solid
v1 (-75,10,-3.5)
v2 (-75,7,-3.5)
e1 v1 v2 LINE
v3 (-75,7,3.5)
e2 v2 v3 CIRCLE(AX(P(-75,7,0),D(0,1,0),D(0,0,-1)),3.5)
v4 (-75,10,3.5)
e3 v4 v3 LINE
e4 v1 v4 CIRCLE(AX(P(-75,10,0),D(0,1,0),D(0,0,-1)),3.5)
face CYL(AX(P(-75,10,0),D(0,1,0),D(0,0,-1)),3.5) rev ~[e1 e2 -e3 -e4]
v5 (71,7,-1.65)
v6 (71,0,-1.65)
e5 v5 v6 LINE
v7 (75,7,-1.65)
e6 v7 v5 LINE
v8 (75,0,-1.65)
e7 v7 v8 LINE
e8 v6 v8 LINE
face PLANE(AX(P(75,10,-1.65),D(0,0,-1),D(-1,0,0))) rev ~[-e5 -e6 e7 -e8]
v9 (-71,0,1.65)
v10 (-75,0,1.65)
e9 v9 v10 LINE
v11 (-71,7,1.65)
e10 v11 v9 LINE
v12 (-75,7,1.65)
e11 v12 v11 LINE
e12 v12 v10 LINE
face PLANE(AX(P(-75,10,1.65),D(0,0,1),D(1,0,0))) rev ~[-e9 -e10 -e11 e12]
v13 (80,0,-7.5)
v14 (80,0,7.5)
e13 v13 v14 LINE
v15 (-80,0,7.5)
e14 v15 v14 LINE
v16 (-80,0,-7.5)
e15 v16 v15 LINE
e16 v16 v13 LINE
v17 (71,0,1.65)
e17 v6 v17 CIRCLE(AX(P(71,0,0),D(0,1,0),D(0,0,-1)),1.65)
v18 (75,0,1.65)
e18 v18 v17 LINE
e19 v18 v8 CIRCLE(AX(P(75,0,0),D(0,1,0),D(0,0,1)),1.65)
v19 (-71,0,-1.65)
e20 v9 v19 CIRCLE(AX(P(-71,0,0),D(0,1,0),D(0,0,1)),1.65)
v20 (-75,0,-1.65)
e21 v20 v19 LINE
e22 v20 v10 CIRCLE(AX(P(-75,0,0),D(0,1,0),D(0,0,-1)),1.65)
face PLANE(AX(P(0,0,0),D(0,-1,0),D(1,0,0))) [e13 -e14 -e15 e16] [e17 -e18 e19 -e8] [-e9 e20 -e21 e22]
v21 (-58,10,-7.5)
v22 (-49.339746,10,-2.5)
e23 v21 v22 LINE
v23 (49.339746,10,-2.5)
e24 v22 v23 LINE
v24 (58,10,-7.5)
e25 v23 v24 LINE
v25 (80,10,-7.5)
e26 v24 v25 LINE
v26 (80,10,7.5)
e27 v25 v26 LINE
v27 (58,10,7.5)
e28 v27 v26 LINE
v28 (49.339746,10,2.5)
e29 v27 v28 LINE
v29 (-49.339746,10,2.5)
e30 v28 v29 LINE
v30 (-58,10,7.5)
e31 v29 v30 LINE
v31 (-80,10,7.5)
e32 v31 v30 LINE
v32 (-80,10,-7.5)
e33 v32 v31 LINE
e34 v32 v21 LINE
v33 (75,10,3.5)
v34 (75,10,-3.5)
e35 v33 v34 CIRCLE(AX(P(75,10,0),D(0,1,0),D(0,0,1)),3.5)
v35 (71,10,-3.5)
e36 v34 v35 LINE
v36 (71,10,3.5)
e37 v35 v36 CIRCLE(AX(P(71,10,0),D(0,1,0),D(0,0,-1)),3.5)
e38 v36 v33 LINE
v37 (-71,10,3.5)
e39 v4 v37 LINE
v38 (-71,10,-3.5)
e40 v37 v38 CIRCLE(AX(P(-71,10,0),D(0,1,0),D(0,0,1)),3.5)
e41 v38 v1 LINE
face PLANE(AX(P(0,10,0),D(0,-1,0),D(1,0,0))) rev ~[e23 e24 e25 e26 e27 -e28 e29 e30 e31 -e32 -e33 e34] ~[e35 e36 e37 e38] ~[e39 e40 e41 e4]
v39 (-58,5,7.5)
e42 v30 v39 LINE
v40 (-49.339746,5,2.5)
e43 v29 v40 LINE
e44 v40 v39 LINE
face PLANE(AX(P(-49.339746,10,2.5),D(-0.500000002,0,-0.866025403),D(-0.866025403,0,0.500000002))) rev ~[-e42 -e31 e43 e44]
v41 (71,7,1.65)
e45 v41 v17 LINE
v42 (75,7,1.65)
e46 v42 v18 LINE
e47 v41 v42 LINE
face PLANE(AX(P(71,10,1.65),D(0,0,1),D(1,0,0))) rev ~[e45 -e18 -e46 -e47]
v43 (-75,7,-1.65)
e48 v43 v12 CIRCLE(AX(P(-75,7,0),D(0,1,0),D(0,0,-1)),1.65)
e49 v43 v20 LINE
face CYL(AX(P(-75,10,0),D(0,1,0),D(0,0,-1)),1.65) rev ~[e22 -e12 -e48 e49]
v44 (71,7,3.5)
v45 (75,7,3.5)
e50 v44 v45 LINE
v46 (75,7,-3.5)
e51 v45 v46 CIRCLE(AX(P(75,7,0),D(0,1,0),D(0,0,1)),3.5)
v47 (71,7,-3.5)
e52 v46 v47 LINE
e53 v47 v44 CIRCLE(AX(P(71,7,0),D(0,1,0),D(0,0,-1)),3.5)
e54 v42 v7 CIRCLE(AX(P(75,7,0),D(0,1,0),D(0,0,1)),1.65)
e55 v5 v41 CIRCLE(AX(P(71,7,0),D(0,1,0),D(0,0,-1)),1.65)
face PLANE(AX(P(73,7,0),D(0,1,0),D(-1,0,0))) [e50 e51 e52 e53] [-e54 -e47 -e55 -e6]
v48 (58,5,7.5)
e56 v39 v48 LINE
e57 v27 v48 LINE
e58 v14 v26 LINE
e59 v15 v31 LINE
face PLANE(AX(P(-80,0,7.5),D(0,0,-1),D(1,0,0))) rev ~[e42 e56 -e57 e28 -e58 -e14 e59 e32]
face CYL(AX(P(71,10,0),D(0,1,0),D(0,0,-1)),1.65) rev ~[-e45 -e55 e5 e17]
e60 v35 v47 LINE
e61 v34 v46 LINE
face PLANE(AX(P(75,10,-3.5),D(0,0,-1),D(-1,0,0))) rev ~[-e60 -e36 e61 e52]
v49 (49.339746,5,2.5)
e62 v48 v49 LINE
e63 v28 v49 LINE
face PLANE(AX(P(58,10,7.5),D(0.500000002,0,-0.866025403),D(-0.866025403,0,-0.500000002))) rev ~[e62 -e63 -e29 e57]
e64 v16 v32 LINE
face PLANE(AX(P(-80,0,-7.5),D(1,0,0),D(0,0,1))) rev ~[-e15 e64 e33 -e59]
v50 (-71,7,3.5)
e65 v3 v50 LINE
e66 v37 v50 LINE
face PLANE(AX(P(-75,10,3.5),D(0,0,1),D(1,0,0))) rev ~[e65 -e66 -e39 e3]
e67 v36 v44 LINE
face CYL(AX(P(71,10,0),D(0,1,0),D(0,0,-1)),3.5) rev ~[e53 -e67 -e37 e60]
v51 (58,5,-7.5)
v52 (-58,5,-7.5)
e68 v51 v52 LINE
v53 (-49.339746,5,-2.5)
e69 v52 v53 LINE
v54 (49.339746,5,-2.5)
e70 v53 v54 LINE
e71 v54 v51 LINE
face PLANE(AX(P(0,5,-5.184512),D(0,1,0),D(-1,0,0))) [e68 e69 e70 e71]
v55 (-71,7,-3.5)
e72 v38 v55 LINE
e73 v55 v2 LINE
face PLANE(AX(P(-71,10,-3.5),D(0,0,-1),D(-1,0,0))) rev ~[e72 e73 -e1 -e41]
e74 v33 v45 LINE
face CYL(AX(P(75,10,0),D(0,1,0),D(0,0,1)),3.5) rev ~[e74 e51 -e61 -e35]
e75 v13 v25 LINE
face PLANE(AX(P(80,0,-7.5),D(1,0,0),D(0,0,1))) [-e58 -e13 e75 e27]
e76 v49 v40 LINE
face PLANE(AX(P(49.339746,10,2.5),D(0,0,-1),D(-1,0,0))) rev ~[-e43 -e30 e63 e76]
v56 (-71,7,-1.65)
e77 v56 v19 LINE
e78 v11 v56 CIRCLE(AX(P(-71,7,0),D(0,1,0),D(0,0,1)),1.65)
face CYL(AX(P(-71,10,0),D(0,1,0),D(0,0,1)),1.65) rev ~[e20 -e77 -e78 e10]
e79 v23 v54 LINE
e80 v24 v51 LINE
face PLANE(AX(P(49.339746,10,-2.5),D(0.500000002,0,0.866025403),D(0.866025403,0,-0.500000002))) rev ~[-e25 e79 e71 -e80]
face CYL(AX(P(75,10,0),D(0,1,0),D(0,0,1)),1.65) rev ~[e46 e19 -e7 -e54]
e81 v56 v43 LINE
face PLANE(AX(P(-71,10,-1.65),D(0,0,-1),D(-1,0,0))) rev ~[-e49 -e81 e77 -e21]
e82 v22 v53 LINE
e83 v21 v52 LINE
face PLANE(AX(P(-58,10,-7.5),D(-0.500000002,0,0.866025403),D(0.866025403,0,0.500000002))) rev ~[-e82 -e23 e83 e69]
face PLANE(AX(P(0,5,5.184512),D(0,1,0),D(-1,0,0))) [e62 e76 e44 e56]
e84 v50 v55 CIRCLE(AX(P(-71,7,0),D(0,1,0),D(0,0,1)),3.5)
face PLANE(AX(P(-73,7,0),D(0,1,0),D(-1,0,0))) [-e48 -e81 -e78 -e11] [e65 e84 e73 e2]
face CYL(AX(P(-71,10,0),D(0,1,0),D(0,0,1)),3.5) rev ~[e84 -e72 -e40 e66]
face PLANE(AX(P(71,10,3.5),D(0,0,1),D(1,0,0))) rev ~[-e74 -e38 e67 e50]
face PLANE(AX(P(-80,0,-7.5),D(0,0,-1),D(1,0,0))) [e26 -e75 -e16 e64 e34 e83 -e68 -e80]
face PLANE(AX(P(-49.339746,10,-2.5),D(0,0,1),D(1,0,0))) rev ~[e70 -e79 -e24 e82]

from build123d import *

# Parameters (mm, degrees)
F0_W     = 160
F0_H     = 15
F1_DEPTH = 10
F3_DEPTH = 5
F6_DEPTH = 3
F7_DEPTH = 10.001


with BuildPart() as f1:
    # F0 (on Front) → F1 (new body)
    with BuildSketch(Plane.XZ):
        Rectangle(F0_W, F0_H)
    extrude(amount=-F1_DEPTH)

    # F2 (on face) → F3 (cut)
    with BuildSketch(Plane(origin=(0, 10, 0), x_dir=(-1, 0, 0), z_dir=(0, 1, 0))):
        Polygon((58, 7.5), (-58, 7.5), (-49.339746, 2.5), (49.339746, 2.5), align=None)
        Polygon((-49.339746, -2.5), (-58, -7.5), (58, -7.5), (49.339746, -2.5), align=None)
    extrude(amount=-F3_DEPTH, mode=Mode.SUBTRACT)

    # F5 (on face) → F6 (cut)
    with BuildSketch(Plane(origin=(0, 10, 0), x_dir=(-1, 0, 0), z_dir=(0, 1, 0))):
        with BuildLine():
            ThreePointArc((-75, 3.5), (-78.5, 0), (-75, -3.5))
            Line((-75, -3.5), (-71, -3.5))
            ThreePointArc((-71, -3.5), (-67.5, 0), (-71, 3.5))
            Line((-71, 3.5), (-75, 3.5))
        make_face()
        with BuildLine():
            ThreePointArc((75, -3.5), (78.5, 0), (75, 3.5))
            Line((75, 3.5), (71, 3.5))
            ThreePointArc((71, 3.5), (67.5, 0), (71, -3.5))
            Line((71, -3.5), (75, -3.5))
        make_face()
    extrude(amount=-F6_DEPTH, mode=Mode.SUBTRACT)

    # F4 (on face) → F7 (cut, through all)
    with BuildSketch(Plane(origin=(0, 10, 0), x_dir=(-1, 0, 0), z_dir=(0, 1, 0))):
        with BuildLine():
            ThreePointArc((-75, 1.65), (-76.65, 0), (-75, -1.65))
            Line((-75, -1.65), (-71, -1.65))
            ThreePointArc((-71, -1.65), (-69.35, 0), (-71, 1.65))
            Line((-71, 1.65), (-75, 1.65))
        make_face()
        with BuildLine():
            ThreePointArc((75, -1.65), (76.65, 0), (75, 1.65))
            Line((75, 1.65), (71, 1.65))
            ThreePointArc((71, 1.65), (69.35, 0), (71, -1.65))
            Line((71, -1.65), (75, -1.65))
        make_face()
    extrude(amount=-F7_DEPTH, mode=Mode.SUBTRACT)


solid = f1.part
